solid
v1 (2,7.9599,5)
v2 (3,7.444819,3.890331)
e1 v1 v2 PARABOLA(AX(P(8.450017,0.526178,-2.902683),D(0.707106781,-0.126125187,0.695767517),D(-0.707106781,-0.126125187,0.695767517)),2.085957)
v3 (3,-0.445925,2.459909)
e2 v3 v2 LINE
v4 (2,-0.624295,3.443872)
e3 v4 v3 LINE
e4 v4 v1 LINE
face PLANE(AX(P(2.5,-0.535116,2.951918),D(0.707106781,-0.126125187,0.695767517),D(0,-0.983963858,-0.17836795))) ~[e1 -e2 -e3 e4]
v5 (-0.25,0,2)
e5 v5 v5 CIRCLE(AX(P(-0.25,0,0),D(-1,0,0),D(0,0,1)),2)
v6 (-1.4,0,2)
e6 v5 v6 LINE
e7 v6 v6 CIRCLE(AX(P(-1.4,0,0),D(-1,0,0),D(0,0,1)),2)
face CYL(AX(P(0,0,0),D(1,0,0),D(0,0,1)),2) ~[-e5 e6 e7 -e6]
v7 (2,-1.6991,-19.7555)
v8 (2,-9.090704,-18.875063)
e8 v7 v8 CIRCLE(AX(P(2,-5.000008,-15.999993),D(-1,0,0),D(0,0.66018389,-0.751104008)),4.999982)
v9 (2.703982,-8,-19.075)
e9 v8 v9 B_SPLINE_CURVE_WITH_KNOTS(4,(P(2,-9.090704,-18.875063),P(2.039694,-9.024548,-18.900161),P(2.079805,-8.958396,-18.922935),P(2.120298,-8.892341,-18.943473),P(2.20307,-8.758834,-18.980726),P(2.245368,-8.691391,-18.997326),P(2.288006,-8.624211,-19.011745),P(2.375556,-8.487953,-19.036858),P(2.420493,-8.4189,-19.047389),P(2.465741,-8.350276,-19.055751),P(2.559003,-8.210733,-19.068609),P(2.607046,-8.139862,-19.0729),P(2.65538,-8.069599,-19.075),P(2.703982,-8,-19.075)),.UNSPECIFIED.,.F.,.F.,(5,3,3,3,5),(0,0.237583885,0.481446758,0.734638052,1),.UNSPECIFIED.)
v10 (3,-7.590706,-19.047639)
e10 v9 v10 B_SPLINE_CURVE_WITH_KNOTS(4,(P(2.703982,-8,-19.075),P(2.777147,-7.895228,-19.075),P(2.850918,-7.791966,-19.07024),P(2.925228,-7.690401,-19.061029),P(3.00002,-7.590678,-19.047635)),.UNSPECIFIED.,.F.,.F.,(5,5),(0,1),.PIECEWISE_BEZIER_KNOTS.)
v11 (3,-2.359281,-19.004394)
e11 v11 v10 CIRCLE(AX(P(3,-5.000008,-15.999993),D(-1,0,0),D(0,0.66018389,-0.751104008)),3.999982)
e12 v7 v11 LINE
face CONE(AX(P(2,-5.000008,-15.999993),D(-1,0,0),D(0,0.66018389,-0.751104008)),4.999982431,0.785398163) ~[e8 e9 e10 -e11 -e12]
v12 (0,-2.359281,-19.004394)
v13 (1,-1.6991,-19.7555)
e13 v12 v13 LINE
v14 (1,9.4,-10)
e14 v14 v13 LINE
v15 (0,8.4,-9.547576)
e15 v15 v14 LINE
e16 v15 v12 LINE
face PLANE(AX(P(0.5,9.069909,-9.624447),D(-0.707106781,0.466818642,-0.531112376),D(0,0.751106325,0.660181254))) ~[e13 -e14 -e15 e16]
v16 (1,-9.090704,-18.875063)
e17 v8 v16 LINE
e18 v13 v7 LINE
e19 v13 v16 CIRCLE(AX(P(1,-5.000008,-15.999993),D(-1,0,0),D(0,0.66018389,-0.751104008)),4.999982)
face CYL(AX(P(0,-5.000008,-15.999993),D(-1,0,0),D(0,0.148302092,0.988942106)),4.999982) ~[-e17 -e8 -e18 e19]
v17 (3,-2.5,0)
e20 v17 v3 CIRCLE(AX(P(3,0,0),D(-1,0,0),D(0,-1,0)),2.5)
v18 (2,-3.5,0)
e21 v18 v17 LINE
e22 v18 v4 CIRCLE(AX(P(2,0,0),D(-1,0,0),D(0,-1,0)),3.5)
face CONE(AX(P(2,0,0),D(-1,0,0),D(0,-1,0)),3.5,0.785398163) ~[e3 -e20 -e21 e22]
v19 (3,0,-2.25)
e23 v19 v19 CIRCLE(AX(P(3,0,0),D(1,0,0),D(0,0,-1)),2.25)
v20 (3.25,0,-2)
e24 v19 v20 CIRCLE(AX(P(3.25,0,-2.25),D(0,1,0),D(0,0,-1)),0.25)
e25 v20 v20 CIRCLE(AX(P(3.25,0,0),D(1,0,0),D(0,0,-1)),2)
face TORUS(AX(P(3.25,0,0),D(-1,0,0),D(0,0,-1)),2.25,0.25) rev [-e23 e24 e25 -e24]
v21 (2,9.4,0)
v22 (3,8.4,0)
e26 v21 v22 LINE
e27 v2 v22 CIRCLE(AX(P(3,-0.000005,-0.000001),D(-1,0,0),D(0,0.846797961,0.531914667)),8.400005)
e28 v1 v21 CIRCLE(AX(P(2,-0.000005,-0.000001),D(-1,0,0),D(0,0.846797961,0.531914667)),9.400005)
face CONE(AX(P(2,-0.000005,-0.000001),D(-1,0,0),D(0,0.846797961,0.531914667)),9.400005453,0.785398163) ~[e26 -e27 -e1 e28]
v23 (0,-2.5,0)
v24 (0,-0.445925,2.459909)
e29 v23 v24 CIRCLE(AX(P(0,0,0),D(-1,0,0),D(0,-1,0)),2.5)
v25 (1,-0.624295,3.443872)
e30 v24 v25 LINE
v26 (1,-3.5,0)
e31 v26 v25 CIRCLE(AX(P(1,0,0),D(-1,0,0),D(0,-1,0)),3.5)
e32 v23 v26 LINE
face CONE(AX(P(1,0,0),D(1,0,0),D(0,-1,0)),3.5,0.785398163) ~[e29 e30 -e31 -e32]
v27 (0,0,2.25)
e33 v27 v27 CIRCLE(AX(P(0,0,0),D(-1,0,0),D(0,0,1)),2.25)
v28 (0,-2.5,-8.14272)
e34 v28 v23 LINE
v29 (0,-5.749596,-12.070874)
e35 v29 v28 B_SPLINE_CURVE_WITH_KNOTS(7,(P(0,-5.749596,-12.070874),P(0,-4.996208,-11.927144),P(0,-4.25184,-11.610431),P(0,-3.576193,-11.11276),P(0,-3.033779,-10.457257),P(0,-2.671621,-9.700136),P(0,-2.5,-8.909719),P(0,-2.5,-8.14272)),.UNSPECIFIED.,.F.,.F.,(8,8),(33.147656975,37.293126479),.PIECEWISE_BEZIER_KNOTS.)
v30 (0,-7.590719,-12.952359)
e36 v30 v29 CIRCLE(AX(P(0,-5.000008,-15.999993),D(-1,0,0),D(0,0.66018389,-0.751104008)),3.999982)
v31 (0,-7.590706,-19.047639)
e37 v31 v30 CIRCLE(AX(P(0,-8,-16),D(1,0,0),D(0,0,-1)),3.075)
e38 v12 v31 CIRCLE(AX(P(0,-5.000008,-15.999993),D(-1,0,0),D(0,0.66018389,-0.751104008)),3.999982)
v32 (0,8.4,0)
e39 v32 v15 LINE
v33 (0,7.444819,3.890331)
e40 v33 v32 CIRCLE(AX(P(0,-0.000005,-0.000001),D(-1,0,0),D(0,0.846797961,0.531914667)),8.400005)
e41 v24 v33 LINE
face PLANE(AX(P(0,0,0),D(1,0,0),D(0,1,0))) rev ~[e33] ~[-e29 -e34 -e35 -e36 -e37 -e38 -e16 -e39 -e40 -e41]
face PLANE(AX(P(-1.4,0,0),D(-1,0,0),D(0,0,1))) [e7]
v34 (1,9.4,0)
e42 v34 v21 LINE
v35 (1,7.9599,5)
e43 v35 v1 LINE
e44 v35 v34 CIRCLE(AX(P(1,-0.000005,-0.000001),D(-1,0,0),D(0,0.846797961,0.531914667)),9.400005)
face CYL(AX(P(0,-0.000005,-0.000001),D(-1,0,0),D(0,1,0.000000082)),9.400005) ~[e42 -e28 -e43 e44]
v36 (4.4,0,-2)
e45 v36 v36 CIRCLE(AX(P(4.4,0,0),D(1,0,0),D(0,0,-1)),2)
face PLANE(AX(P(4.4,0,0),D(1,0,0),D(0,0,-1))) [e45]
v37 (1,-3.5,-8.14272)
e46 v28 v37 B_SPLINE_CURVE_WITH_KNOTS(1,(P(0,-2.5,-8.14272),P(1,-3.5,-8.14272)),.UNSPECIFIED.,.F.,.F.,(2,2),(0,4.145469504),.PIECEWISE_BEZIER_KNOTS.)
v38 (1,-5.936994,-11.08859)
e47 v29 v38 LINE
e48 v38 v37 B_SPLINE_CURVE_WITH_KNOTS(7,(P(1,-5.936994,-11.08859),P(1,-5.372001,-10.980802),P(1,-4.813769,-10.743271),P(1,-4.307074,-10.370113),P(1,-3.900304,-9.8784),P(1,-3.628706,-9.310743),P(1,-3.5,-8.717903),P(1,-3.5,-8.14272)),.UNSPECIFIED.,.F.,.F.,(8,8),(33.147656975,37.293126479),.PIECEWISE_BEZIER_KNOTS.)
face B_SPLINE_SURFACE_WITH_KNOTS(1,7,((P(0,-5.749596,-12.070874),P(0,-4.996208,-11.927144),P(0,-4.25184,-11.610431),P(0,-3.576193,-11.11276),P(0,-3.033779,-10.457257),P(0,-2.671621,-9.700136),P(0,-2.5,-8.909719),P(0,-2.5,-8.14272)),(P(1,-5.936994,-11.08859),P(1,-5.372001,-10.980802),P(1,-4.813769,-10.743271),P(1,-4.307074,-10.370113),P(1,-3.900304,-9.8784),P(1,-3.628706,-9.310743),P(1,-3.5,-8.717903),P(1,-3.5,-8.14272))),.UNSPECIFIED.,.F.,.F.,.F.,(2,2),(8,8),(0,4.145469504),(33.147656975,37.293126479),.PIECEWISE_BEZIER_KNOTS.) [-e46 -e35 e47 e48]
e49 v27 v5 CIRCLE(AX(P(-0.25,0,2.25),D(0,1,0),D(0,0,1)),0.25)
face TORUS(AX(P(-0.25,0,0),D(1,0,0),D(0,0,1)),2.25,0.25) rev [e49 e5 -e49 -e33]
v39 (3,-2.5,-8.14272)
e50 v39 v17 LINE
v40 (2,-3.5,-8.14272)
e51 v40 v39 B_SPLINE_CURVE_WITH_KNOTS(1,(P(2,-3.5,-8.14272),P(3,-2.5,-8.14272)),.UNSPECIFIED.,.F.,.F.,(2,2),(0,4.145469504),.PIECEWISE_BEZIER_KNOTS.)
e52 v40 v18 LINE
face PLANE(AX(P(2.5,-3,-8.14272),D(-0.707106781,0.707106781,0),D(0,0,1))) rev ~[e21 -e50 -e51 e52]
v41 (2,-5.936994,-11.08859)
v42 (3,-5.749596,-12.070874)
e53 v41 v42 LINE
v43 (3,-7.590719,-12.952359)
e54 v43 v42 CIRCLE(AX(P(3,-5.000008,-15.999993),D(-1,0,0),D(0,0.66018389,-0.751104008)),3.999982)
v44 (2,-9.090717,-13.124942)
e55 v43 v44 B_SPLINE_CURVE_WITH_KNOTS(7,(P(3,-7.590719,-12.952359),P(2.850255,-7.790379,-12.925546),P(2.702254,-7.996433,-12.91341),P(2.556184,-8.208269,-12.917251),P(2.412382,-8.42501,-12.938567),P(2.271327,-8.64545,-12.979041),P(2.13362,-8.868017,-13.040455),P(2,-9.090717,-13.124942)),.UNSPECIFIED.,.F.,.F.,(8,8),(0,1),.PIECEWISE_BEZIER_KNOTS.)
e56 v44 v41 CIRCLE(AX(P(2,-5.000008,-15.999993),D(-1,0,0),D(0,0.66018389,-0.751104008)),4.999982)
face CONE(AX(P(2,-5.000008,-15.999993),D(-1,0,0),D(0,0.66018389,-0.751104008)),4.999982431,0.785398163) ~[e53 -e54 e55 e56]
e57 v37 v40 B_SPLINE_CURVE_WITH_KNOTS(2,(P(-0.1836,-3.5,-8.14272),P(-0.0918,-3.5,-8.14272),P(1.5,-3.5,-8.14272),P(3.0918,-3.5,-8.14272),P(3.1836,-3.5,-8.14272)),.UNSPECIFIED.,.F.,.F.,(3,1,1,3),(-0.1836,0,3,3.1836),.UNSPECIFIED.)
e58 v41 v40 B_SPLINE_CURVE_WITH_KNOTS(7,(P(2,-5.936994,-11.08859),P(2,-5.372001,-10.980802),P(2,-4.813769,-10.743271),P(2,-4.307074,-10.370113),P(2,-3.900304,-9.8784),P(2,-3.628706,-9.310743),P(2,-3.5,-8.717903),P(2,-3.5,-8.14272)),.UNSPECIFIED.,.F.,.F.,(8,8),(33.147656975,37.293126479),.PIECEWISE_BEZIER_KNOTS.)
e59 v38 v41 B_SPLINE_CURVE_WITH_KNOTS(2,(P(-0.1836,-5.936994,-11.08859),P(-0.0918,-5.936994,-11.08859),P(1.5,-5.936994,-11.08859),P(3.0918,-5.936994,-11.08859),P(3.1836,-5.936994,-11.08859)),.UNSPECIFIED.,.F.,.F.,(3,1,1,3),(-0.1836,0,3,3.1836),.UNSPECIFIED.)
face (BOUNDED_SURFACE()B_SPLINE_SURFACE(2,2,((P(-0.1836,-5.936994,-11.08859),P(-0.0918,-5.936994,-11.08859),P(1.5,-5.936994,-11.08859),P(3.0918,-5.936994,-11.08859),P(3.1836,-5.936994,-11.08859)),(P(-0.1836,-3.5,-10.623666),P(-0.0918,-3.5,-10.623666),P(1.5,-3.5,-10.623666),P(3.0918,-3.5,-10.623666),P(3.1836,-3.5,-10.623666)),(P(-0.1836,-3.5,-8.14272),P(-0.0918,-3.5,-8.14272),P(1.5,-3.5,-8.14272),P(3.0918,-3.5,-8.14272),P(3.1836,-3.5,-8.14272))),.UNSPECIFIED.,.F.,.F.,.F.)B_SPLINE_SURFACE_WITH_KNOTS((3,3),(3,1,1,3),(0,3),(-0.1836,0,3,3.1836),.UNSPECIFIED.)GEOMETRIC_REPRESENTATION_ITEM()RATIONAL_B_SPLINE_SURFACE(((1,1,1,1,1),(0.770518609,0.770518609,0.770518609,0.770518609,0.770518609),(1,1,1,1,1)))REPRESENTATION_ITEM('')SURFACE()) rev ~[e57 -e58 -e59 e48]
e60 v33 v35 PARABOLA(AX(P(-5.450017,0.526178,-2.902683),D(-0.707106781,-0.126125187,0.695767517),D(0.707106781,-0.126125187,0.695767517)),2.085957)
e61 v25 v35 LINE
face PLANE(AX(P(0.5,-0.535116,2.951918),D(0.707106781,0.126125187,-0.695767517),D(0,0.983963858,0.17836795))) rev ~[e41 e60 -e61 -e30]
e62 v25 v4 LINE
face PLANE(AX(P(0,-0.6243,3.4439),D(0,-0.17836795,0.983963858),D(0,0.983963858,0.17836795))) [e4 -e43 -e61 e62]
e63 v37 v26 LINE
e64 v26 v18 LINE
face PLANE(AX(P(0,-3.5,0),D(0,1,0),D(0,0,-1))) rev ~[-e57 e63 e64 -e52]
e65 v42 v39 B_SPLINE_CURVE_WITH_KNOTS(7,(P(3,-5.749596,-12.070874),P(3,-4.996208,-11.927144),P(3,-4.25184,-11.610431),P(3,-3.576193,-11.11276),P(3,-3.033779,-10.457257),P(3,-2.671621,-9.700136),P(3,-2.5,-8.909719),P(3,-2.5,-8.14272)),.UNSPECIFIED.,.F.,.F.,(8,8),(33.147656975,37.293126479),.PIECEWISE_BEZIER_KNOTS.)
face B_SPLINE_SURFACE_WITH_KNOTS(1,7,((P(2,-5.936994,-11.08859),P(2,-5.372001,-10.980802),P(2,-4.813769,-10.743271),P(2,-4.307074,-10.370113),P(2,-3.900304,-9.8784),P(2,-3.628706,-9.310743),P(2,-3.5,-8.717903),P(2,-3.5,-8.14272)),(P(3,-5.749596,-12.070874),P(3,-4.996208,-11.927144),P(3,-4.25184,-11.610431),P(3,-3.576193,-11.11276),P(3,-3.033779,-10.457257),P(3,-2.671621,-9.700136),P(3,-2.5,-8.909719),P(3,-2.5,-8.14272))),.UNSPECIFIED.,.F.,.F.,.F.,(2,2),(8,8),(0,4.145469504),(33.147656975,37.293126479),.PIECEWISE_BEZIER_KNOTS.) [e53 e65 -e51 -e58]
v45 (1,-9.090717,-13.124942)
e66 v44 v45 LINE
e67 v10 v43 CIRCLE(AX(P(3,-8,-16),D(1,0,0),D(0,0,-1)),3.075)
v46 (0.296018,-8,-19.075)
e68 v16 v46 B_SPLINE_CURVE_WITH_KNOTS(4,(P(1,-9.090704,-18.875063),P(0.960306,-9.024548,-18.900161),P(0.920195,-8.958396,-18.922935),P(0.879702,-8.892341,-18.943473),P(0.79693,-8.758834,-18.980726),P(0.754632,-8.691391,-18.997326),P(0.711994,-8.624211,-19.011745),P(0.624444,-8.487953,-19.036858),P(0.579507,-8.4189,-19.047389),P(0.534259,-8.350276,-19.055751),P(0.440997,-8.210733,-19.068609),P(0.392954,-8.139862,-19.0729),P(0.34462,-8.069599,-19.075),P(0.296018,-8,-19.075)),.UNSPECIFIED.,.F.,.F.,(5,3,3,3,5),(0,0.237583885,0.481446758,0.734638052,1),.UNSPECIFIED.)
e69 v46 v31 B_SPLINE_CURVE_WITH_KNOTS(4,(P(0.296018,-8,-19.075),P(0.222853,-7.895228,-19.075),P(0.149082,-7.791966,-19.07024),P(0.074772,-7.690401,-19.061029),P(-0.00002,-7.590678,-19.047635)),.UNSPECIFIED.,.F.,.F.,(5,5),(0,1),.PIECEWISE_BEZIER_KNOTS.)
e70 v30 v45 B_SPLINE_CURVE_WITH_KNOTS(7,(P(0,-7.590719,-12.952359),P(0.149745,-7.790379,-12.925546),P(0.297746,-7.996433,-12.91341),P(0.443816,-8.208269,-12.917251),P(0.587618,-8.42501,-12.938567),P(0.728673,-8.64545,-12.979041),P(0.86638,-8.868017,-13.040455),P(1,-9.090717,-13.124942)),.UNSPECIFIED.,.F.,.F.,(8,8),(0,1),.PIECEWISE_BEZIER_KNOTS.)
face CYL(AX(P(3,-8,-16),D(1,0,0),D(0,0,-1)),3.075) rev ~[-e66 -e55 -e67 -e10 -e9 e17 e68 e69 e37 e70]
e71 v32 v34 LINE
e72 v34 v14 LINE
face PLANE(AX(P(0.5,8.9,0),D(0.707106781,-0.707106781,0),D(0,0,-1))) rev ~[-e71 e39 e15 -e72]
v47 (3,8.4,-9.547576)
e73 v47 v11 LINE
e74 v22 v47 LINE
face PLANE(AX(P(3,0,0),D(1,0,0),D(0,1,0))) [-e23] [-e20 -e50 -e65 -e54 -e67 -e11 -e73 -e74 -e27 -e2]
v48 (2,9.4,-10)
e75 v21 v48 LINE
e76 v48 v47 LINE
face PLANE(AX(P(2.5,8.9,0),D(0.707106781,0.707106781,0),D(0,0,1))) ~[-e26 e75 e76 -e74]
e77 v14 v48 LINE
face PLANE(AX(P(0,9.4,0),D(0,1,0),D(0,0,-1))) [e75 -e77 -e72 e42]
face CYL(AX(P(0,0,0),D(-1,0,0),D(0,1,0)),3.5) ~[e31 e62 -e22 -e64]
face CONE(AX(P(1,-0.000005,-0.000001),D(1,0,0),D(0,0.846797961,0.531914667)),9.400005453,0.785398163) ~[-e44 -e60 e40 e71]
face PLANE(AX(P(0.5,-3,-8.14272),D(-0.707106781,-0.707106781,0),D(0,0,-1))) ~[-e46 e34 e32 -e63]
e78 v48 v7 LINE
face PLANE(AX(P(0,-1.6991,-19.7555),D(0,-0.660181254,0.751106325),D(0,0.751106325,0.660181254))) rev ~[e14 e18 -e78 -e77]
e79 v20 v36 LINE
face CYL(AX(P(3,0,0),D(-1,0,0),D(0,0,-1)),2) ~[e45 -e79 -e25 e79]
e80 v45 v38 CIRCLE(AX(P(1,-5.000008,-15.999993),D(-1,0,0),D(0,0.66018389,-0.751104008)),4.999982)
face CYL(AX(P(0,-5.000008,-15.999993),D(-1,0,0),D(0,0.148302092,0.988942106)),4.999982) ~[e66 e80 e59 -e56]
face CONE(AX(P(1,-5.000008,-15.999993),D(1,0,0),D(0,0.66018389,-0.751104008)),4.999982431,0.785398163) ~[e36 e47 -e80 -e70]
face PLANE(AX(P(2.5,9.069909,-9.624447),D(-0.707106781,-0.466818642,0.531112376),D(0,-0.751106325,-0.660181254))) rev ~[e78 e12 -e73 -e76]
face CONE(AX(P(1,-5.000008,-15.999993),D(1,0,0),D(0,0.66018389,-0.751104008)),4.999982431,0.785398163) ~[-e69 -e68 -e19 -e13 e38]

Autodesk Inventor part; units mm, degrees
ref_plane "YZ Plane" through (0, 0, 0) normal (1, 0, 0) x (0, 1, 0)
ref_plane "XZ Plane" through (0, 0, 0) normal (0, 1, 0) x (-1, 0, 0)
ref_plane "XY Plane" through (0, 0, 0) normal (0, 0, 1) x (1, 0, 0)
sketch "Sketch1" plane through (0, 0, 0) normal (1, 0, 0) x (0, 1, 0)
  arc A0 (9.4, 0) -> (7.9599, 5) centre (0, 0) ccw
  circle A1 centre (0, 0) radius 3.5
  line L0 (-0.6243, 3.4439) -> (7.9599, 5)
  line L1 (-3.5, 0) -> (-3.5, -8.9713)
  line L2 (9.4, 0) -> (9.4, -10)
  line L3 (-3.5, -8.9713) -> (-4.2585, -11.0553)
  line L4 (-3.5, -8.9713) -> (26.5, -8.9713) construction
  line L5 (-1.6991, -19.7555) -> (9.4, -10)
  arc A2 (-4.2585, -11.0553) -> (-1.6991, -19.7555) centre (-5, -16) ccw
  dimension "d0" = 18.8
  dimension "d2" = 7
  dimension "d4" = 5
  dimension "d5" = 10
  dimension "d7" = 110
  dimension "d26" = 10
  dimension "d27" = 5
  dimension "d28" = 16
extrude "Extrusion1" add sketch "Sketch1" along normal blind 3
sketch "Sketch2" plane through (3, 0, 0) normal (1, 0, 0) x (0, 0, -1)
  circle A0 centre (0, 0) radius 2
  dimension "d12" = 4
extrude "Extrusion2" add sketch "Sketch2" along normal blind 1.4
sketch "Sketch3" plane through (0, 0, 0) normal (-1, 0, 0) x (0, 0, 1)
  circle A0 centre (0, 0) radius 2
  dimension "d15" = 4
extrude "Extrusion3" add sketch "Sketch3" along normal blind 1.4
fillet "Fillet2" radius 3 2 edges at (1.5, -4.2585, -11.0553) (1.5, -3.5, -8.9713)
fillet "Fillet1" radius 0.25 2 edges at (3, 0, 2) (0, 0, -2)
chamfer "Chamfer2" distance 1 angle 45 14 edges at (0, 9.4, -5) (0, 9.0328, 2.6016) (3, 9.4, -5) (3, 9.0328, 2.6016) (0, 3.6678, 4.2219) (0, -2.6865, 2.2433) (0, -3.5, -4.0714) (0, -9.4918, -18.1964) (0, 3.8505, -14.8778) (3, 3.6678, 4.2219) (3, -2.6865, 2.2433) (3, -3.5, -4.0714) (3, -9.4918, -18.1964) (3, 3.8505, -14.8778)
sketch "Sketch5" plane through (3, 0, 0) normal (1, 0, 0) x (0, 0, -1)
  circle A0 centre (16, -8) radius 3.075
  point P0 (0, 0)
  dimension "d37" = 6.15
  dimension "d40" = 16
  dimension "d41" = 8
extrude "Extrusion5" cut sketch "Sketch5" against normal up to surface (3 mm away)
properties part number "TrainPullert"
